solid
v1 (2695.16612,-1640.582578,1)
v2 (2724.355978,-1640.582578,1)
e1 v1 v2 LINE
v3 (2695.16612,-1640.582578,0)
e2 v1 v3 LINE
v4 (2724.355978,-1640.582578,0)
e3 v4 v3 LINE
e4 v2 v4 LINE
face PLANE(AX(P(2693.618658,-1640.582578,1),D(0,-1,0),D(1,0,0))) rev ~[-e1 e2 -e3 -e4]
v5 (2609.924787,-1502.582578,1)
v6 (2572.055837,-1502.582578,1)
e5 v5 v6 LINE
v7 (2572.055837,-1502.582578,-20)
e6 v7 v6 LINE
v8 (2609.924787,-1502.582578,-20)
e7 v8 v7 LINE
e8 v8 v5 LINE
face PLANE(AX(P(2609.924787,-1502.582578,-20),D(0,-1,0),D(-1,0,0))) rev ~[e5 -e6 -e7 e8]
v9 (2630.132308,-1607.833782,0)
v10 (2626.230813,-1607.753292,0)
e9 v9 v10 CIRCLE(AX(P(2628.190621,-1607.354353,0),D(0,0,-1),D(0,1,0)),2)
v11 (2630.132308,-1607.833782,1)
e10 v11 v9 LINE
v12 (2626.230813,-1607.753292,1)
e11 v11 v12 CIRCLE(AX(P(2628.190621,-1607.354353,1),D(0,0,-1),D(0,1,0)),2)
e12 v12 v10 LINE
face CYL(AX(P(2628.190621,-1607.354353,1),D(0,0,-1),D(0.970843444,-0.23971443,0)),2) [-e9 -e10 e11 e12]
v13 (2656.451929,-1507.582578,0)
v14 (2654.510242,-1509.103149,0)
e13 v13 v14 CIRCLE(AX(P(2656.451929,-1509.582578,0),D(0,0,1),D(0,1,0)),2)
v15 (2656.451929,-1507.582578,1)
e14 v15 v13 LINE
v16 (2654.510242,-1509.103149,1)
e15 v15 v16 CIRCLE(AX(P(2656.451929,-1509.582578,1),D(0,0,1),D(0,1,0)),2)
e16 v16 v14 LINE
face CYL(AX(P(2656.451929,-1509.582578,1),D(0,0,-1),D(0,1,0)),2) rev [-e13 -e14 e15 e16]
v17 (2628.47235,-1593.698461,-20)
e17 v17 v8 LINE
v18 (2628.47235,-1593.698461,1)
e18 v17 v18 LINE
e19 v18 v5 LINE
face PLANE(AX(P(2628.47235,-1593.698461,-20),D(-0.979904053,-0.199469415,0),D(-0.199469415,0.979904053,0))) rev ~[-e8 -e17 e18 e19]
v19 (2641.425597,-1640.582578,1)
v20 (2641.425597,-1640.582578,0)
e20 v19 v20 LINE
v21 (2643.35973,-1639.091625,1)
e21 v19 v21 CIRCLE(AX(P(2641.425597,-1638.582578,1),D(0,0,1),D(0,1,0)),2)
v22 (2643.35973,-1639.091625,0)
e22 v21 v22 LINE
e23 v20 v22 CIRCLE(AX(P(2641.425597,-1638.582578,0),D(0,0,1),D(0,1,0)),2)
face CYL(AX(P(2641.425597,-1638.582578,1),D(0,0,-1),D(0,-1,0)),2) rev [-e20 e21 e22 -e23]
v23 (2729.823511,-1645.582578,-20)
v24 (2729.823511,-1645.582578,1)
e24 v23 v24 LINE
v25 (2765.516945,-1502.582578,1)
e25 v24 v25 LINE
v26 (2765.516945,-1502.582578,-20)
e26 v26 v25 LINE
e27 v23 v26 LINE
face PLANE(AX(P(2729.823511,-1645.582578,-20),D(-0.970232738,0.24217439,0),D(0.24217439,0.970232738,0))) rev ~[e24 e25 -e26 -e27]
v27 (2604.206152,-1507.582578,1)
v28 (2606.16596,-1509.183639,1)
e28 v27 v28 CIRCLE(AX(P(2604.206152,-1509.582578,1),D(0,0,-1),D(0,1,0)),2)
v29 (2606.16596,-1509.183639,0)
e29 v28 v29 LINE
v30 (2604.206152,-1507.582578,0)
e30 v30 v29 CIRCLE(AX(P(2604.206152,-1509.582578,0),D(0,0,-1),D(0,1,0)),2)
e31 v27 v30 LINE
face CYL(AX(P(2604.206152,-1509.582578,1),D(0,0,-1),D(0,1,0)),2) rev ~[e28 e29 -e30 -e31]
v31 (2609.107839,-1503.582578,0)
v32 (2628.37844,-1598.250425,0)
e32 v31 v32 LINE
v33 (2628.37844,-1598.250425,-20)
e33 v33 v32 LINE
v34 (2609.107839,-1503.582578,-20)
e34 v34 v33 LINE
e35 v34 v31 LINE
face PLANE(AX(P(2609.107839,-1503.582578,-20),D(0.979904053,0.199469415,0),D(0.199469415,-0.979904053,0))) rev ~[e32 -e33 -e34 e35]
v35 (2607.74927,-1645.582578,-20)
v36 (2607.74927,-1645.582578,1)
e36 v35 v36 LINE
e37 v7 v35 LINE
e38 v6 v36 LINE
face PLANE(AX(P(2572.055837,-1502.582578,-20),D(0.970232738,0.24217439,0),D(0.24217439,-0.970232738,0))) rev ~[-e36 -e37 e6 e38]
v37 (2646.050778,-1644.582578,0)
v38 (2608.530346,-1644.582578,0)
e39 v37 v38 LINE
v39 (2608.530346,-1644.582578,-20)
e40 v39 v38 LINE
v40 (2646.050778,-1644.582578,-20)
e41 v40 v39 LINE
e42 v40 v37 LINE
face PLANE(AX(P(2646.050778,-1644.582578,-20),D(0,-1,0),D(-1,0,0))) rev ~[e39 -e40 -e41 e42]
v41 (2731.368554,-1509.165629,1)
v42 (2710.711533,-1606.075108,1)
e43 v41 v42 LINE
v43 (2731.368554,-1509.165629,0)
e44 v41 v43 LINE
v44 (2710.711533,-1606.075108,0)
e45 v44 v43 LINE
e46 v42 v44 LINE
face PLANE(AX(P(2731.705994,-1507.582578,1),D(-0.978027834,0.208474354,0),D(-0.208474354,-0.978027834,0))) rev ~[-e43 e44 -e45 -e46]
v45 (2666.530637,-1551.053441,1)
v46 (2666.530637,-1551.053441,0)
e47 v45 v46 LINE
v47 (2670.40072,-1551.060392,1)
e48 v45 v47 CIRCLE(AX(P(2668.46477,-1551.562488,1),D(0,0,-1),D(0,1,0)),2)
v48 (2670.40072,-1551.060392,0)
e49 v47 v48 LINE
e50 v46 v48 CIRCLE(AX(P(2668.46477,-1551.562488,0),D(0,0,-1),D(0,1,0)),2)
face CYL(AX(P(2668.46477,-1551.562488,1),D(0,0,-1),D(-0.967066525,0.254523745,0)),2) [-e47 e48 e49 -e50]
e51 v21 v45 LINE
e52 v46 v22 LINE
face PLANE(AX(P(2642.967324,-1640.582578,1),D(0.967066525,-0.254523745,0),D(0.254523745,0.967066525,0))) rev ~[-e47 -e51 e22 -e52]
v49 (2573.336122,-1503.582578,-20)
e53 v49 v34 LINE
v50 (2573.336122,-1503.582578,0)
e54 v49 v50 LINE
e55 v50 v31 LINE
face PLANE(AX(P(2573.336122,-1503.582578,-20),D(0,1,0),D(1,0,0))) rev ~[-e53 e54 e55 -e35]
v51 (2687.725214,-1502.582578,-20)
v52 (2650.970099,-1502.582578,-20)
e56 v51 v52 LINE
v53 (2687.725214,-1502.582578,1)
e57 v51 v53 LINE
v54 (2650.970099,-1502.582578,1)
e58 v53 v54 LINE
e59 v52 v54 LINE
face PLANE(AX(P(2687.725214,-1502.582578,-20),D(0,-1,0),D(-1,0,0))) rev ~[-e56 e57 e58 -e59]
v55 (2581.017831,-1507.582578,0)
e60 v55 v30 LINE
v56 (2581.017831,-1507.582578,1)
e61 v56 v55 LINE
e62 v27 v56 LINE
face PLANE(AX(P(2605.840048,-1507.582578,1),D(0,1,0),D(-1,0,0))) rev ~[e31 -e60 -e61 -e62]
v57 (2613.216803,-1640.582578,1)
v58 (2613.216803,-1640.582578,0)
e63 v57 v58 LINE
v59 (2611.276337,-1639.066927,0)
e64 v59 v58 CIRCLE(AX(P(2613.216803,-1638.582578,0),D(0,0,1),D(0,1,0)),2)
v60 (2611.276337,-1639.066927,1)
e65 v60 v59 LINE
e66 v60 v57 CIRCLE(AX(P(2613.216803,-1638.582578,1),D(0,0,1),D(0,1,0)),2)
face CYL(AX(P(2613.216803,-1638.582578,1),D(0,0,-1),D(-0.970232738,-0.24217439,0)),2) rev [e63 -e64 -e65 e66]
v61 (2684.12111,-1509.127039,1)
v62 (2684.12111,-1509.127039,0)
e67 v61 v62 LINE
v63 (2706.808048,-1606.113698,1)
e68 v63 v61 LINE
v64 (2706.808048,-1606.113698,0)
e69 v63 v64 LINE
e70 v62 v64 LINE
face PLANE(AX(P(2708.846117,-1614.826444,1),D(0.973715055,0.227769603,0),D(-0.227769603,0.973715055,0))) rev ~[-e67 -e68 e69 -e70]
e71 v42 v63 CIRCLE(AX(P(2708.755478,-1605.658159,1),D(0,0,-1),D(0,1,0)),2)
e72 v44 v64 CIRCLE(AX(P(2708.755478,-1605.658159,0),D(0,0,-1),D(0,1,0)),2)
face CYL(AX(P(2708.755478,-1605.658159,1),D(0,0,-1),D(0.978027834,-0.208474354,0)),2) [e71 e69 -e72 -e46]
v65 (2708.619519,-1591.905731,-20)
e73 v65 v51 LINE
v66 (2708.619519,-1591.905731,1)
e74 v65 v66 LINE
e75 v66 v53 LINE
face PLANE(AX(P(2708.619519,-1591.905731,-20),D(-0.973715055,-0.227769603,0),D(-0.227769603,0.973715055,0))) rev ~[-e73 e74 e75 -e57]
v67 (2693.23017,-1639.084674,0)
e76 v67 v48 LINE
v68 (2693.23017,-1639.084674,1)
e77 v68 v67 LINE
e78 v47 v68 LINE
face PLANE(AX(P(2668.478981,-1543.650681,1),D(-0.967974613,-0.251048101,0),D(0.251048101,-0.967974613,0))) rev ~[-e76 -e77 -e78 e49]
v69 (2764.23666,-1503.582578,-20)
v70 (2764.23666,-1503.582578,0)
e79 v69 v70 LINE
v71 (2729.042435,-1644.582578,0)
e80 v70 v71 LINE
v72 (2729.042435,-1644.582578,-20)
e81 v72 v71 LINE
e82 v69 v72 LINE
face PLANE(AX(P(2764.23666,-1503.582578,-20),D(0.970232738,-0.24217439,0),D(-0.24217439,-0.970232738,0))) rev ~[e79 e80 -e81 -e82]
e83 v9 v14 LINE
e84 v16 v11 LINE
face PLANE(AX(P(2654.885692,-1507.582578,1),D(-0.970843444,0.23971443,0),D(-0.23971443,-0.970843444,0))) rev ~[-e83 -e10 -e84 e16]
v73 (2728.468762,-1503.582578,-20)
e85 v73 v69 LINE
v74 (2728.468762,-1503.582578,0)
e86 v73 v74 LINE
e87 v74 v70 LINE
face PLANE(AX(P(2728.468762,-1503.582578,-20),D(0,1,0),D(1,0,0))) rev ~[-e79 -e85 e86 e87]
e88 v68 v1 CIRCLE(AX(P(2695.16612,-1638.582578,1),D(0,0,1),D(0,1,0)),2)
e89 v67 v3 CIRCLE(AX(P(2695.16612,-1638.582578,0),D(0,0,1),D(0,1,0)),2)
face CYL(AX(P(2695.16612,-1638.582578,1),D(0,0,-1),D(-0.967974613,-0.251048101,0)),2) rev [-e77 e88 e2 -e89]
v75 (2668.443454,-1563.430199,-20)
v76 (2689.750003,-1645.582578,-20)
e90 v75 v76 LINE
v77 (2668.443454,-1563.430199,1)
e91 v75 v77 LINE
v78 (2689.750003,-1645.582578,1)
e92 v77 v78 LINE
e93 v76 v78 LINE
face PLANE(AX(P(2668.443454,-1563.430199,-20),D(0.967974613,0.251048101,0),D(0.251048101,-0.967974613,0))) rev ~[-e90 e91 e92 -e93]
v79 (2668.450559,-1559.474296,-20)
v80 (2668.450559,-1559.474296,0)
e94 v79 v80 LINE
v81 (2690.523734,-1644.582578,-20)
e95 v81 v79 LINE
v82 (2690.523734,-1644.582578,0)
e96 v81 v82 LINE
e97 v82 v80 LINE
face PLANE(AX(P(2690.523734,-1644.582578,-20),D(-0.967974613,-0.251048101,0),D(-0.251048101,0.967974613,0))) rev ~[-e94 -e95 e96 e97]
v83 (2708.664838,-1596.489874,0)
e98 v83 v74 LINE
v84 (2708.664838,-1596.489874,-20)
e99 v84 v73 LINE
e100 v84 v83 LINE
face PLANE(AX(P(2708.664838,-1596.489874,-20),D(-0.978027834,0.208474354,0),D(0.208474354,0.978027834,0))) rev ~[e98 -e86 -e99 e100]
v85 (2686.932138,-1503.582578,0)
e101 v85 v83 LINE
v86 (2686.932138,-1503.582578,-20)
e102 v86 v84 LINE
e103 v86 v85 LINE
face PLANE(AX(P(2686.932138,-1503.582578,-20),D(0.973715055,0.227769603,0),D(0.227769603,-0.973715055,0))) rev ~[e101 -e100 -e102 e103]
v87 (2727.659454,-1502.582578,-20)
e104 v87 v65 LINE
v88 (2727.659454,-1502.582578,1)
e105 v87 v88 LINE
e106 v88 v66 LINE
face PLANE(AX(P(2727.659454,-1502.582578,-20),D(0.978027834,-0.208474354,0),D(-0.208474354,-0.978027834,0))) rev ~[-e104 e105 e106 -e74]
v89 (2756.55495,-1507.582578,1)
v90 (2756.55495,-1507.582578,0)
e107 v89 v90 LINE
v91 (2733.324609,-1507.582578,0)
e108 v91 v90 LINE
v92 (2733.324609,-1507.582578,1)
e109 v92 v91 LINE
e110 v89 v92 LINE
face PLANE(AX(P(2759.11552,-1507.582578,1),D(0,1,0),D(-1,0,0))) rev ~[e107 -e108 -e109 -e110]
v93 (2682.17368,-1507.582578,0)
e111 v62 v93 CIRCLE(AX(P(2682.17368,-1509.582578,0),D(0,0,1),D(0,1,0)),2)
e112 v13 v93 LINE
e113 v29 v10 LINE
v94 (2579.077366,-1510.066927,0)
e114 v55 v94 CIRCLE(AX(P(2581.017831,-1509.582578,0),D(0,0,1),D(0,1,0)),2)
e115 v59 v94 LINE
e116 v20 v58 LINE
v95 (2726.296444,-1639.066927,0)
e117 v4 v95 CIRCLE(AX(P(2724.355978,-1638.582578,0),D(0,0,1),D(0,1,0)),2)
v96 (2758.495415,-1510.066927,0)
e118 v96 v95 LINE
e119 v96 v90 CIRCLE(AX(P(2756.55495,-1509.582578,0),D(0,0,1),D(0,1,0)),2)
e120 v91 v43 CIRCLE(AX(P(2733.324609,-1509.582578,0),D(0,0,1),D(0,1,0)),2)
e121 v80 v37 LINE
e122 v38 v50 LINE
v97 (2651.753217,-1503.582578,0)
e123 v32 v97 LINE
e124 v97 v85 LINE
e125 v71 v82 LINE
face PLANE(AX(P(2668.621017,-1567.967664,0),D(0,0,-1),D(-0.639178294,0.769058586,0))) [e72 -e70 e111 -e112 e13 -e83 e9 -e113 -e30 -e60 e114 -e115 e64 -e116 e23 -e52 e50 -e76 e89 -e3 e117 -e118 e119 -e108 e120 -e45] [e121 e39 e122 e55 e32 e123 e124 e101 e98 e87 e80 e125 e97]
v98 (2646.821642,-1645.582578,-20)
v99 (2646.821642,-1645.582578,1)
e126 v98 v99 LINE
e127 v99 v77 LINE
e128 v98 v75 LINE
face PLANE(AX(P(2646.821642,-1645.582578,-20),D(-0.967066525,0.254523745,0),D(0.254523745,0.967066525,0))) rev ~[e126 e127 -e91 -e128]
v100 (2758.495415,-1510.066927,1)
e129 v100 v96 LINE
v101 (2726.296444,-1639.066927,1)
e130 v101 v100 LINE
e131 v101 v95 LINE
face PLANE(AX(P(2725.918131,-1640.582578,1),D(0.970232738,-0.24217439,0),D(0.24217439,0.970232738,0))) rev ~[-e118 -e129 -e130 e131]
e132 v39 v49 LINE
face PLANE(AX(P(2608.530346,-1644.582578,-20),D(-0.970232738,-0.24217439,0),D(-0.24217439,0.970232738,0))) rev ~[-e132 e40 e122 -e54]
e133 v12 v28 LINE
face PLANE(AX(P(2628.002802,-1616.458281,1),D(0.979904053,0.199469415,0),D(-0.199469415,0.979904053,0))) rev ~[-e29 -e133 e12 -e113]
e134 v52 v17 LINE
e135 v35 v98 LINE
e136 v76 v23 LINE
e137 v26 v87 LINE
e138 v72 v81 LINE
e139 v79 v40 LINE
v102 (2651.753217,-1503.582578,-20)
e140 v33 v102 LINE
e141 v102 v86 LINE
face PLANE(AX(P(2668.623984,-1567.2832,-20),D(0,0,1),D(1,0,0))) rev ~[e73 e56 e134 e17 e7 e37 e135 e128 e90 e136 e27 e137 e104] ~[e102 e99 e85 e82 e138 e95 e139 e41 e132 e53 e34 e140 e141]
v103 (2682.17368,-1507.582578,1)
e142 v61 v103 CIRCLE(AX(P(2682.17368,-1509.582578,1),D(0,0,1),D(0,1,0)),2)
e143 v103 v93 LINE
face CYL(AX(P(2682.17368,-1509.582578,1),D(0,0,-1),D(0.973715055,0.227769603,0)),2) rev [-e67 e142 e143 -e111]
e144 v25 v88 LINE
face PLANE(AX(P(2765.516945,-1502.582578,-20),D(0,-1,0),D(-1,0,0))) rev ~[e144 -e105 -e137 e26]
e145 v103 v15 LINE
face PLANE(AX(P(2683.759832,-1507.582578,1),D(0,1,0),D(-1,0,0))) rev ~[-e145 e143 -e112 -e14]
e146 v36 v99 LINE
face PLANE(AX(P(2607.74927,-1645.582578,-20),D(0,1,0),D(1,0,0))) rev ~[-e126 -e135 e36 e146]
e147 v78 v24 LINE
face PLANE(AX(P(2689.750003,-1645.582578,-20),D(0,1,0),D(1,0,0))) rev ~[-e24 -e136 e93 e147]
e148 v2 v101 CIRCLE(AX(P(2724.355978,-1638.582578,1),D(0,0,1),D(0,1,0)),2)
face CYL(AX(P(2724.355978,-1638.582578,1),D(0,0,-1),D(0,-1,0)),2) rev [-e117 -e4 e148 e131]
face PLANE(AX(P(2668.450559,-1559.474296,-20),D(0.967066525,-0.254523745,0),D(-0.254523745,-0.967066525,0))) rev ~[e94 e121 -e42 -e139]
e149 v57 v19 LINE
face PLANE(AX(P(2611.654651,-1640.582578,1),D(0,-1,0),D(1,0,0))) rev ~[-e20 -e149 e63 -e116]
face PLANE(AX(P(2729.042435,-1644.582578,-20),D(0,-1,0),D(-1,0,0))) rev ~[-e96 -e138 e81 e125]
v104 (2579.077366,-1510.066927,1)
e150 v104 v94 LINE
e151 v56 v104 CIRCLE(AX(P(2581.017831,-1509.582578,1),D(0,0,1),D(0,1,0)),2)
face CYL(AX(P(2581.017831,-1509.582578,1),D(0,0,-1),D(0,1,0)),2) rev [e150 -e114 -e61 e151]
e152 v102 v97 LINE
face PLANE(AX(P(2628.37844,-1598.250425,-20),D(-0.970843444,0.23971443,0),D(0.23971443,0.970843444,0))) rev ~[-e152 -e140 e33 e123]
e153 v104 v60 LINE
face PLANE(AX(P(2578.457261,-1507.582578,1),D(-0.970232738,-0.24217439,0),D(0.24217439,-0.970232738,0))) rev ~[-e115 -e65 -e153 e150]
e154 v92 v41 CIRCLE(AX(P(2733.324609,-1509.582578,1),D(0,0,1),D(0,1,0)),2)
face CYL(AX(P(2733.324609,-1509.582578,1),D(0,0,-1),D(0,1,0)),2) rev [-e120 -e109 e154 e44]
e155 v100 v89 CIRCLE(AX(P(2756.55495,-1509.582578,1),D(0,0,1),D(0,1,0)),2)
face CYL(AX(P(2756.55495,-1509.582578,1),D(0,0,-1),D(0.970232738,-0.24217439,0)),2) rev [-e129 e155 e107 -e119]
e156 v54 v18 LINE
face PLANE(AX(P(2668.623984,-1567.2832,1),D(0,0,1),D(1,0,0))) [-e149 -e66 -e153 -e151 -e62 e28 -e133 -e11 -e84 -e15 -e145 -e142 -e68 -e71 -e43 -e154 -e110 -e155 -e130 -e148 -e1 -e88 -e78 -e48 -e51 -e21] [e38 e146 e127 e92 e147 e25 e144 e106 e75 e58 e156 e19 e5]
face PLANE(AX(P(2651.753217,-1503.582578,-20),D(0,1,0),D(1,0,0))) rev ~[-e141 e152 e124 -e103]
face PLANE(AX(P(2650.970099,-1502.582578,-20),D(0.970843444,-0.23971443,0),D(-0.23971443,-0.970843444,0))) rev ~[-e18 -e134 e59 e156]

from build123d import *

# Parameters (mm, degrees)
BOSS_EXTRUDE1_DEPTH      = 1
BOSS_EXTRUDE1_DEPTH_BACK = 20
CUT_EXTRUDE1_DEPTH       = 20
CUT_EXTRUDE2_DEPTH       = 213.08892348854144
FILLET1_R                = 2


with BuildPart() as part:
    # Sketch1 → Boss-Extrude1 (new, two sides: drawn at the far end of the back side and taken through both)
    with BuildSketch(Plane.XY.offset(-BOSS_EXTRUDE1_DEPTH_BACK)):
        Polygon((2646.8216415771526, -1645.5825778387778), (2668.443454041995, -1563.4301992512205), (2689.750003141614, -1645.5825778387778), (2729.823511169442, -1645.5825778387778), (2765.5169447137464, -1502.5825778387775), (2727.659454154938, -1502.5825778387775), (2708.6195188972147, -1591.9057308997028), (2687.7252140876417, -1502.5825778387775), (2650.9700988373584, -1502.5825778387775), (2628.472349976695, -1593.6984607244628), (2609.9247872531955, -1502.5825778387775), (2572.055836643681, -1502.5825778387775), (2607.749270187985, -1645.5825778387778), align=None)
    extrude(amount=BOSS_EXTRUDE1_DEPTH + BOSS_EXTRUDE1_DEPTH_BACK)

    # 3DSketch1 → Cut-Extrude1 (cut)
    with BuildSketch(Plane(origin=(2690.52373407352, -1644.582577838785, -20), x_dir=(-0.6391782942740818, 0.7690585856284783, 0), z_dir=(0, 0, -1))):
        Polygon((0, 0), (79.56194930817296, 37.42380228418931), (28.42614813473769, -34.202308612791946), (52.4083937415845, -63.05771883529219), (183.34103881667534, -1.388e-14), (160.4765333052003, 27.510546630372875), (75.35406283201465, -18.178865153681013), (133.21853325786614, 60.30734081323959), (110.73293100318098, 87.3619914825534), (25.390706940818667, 44.69138476980368), (84.18362231643819, 119.30608903866502), (61.32155847684101, 146.81369785225445), (-24.620317595277953, 29.62313770222462), align=None)
    extrude(amount=-CUT_EXTRUDE1_DEPTH, mode=Mode.SUBTRACT)

    # 3DSketch2 → Cut-Extrude2 (cut, through all)
    with BuildSketch(Plane(origin=(2605.8400476167385, -1507.582577838778, 1), x_dir=(0.6701296542123282, -0.7422440613068356, 0), z_dir=(0, 0, 1))):
        Polygon((0, 0), (-18.350017001032523, -20.32471038743184), (102.61499812527803, -84.81138938300774), (123.59854919676319, -61.56974342682699), (68.74754201218234, 22.323071235087976), (157.54150984392544, -23.97409189109885), (179.1863444024586, 0), (102.71443922113765, 113.76780902490334), (84.34650287386148, 93.42325094344824), (148.62854454728856, 4.588347978661769), (52.21635833956266, 57.83549741007506), (32.86694064083099, 36.40383819852962), (95.66426345437596, -56.51066473506117), align=None)
    extrude(amount=-CUT_EXTRUDE2_DEPTH, mode=Mode.SUBTRACT)

    # Fillet1
    fillet1_edges = [part.edges().sort_by_distance(p)[0] for p in [
        (2611.6546507267108, -1640.5825778387798, 0.5),
        (2642.967324236363, -1640.5825778387775, 0.5),
        (2578.4572614861936, -1507.5825778387775, 0.5),
        (2605.8400476167385, -1507.582577838778, 0.5),
        (2654.885691895029, -1507.5825778387768, 0.5),
        (2683.7598322604117, -1507.5825778387764, 0.5),
        (2668.478981227683, -1543.650680619036, 0.5),
        (2693.618657801144, -1640.5825778387807, 0.5),
        (2725.918130630729, -1640.5825778387841, 0.5),
        (2759.115519871237, -1507.5825778387766, 0.5),
        (2731.7059936223714, -1507.582577838777, 0.5),
        (2708.8461168186655, -1614.826444325335, 0.5),
        (2628.0028021057956, -1616.4582814852965, 0.5),
    ]]
    fillet(fillet1_edges, radius=FILLET1_R)


solid = part.part
